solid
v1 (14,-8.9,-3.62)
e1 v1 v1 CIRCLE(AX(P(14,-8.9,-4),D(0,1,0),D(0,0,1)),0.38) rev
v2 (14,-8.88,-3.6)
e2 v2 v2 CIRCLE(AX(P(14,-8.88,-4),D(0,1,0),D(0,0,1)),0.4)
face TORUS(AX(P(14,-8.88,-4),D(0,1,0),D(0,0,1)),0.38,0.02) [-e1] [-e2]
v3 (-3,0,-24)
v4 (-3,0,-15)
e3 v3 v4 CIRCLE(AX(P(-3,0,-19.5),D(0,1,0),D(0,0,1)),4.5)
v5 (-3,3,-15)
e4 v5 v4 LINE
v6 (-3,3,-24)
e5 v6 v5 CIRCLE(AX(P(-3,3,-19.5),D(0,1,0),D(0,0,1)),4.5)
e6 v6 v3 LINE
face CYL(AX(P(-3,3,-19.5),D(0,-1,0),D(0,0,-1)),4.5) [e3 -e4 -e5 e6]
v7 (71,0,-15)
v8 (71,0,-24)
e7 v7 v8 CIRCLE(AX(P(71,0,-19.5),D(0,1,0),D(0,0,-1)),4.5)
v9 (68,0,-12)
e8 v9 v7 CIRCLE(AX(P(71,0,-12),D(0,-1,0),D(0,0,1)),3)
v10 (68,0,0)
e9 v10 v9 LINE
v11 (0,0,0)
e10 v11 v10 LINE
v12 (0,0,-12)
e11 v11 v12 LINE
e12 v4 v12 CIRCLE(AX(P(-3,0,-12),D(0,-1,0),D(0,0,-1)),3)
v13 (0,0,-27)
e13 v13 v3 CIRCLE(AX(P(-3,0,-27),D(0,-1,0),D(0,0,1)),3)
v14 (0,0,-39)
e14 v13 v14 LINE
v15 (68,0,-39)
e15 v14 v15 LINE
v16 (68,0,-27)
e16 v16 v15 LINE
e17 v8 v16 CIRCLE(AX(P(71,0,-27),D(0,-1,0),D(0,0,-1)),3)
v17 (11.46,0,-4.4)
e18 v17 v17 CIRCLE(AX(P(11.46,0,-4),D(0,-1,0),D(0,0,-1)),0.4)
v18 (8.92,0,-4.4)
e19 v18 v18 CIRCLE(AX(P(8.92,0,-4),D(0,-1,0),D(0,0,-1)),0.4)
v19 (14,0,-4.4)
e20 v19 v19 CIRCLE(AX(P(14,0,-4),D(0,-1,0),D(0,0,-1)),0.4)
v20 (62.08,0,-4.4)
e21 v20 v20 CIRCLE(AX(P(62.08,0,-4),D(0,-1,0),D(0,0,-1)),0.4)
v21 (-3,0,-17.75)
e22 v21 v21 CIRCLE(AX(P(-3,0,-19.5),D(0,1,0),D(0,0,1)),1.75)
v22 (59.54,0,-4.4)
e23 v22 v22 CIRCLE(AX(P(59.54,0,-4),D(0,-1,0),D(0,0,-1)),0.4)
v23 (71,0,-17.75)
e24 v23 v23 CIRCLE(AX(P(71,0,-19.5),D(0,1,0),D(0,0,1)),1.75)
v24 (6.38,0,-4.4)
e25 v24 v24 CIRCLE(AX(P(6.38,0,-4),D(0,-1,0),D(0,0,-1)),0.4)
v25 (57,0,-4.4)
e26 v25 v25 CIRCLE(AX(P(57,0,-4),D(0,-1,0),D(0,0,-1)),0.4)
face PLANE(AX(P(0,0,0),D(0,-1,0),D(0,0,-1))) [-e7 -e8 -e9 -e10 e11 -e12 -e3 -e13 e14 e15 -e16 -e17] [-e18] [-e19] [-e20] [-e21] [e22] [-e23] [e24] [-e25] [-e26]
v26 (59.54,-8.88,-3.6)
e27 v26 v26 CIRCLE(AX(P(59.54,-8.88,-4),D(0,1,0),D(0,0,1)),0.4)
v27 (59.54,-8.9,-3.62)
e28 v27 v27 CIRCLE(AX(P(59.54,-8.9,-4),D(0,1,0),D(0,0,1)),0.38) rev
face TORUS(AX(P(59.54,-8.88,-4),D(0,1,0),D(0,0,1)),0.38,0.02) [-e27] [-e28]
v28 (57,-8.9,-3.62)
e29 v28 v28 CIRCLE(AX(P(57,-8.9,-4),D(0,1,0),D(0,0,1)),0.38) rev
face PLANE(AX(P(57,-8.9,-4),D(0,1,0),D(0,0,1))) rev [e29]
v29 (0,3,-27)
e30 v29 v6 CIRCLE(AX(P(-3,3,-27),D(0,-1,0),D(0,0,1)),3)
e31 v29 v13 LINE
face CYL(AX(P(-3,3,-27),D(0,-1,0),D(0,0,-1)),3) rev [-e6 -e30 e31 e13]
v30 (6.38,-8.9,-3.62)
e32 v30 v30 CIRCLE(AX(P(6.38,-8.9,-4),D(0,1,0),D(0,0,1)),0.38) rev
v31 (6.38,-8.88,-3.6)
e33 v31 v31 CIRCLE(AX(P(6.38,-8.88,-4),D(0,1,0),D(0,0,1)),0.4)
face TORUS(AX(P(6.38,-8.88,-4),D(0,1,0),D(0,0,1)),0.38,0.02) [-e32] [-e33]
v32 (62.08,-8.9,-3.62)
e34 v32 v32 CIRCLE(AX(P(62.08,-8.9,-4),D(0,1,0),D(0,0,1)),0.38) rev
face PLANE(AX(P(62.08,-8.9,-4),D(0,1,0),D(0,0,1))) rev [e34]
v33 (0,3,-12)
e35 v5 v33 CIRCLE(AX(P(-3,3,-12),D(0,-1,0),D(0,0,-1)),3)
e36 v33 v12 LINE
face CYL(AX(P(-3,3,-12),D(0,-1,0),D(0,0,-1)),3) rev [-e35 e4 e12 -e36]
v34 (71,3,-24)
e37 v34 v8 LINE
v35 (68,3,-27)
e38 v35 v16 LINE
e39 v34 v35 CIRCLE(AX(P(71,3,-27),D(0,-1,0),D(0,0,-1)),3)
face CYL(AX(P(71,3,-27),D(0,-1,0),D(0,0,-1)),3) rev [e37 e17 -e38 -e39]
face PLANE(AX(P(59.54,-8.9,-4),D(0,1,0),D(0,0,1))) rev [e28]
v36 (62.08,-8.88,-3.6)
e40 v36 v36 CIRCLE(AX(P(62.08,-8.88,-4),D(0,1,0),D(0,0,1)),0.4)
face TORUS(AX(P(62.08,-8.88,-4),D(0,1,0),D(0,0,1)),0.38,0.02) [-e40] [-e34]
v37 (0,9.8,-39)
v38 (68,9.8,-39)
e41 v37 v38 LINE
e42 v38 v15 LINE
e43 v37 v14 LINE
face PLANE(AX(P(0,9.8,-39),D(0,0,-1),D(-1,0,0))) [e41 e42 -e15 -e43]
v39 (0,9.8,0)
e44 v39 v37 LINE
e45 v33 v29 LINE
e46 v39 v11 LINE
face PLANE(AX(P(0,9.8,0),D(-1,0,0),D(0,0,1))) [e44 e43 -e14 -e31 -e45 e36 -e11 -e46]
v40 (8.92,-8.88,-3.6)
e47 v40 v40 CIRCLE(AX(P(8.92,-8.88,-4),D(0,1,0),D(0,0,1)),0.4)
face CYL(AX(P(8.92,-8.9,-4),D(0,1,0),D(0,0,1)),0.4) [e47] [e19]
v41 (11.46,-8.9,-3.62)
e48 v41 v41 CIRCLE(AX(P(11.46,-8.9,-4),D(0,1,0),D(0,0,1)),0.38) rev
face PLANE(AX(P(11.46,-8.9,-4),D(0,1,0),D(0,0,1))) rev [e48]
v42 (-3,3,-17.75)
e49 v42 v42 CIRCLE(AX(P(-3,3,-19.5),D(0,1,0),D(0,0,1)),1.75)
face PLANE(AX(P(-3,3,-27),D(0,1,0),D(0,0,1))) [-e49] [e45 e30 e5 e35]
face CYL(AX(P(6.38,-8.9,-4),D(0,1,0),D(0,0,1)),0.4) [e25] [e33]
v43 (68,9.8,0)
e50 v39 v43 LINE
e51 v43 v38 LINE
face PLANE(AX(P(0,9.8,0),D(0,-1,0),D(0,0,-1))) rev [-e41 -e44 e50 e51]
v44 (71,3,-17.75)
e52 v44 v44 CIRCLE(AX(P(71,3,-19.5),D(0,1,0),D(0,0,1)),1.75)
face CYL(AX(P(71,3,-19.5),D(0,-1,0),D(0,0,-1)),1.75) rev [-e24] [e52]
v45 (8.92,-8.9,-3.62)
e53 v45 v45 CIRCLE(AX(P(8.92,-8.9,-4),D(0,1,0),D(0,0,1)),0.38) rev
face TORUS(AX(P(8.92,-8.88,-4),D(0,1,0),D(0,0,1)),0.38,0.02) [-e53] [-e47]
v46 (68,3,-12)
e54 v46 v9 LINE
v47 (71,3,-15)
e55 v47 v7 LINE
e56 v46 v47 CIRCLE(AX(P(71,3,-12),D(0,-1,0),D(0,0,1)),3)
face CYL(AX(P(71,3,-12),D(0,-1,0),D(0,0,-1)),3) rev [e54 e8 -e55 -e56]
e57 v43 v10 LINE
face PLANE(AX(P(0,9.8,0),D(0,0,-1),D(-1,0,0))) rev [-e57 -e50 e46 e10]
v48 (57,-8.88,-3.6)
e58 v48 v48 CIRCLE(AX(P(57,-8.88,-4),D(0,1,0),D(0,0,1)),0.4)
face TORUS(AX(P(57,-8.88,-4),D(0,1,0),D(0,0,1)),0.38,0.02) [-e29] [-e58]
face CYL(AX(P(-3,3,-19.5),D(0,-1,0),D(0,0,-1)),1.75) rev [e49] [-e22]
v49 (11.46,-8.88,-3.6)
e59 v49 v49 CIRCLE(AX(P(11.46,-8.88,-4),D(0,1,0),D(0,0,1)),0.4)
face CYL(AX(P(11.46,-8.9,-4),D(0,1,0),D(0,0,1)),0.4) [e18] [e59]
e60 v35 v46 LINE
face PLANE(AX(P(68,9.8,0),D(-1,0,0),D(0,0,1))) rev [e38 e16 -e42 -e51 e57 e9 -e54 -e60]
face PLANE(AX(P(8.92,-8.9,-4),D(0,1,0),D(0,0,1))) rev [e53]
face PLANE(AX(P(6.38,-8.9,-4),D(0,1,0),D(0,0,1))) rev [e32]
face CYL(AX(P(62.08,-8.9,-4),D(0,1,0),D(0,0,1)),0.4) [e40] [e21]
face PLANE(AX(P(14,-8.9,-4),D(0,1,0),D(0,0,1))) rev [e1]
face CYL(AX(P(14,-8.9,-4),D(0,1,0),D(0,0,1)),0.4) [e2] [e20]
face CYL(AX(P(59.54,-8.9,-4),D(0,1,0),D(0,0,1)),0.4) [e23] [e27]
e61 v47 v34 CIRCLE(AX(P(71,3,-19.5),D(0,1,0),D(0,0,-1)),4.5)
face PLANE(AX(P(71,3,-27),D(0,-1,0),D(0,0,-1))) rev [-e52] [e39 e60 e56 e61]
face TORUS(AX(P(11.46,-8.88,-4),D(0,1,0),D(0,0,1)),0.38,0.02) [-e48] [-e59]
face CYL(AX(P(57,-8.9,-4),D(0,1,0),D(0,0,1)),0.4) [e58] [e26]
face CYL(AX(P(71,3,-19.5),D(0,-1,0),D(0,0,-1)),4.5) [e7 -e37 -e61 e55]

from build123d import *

# Parameters (mm, degrees)
ESQUISSE1_W        = 68
ESQUISSE1_H        = 39
BOSS_EXTRU_3_DEPTH = 9.8
ESQUISSE5_R        = 1.75
BOSS_EXTRU_5_DEPTH = 3
ESQUISSE6_R        = 1.75
BOSS_EXTRU_6_DEPTH = 3
ESQUISSE7_R        = 0.4
BOSS_EXTRU_7_DEPTH = 8.9
CONG_1_R           = 0.02


with BuildPart() as part:
    # Esquisse1 → Boss.-Extru.3 (new body)
    with BuildSketch(Plane(origin=(0, 0, 0), x_dir=(1, 0, 0), z_dir=(0, 1, 0))):
        with Locations((34, 19.5)):
            Rectangle(ESQUISSE1_W, ESQUISSE1_H)
    extrude(amount=BOSS_EXTRU_3_DEPTH)

    # Esquisse5 → Boss.-Extru.5 (add)
    with BuildSketch(Plane(origin=(0, 0, 0), x_dir=(1, 0, 0), z_dir=(0, 1, 0))):
        with BuildLine():
            Line((0, 27), (0, 12))
            ThreePointArc((0, 12), (-0.878679656, 14.121320344), (-3, 15))
            ThreePointArc((-3, 15), (-7.5, 19.5), (-3, 24))
            ThreePointArc((-3, 24), (-0.878679656, 24.878679656), (0, 27))
        make_face()
        with Locations(Location((-3, 19.5, 0), (0, 0, 270))):
            Circle(ESQUISSE5_R, mode=Mode.SUBTRACT)
    extrude(amount=BOSS_EXTRU_5_DEPTH)

    # Esquisse6 → Boss.-Extru.6 (add)
    with BuildSketch(Plane(origin=(0, 0, 0), x_dir=(1, 0, 0), z_dir=(0, 1, 0))):
        with BuildLine():
            Line((68, 12), (68, 27))
            ThreePointArc((68, 27), (68.878679656, 24.878679656), (71, 24))
            ThreePointArc((71, 24), (75.5, 19.5), (71, 15))
            ThreePointArc((71, 15), (68.878679656, 14.121320344), (68, 12))
        make_face()
        with Locations(Location((71, 19.5, 0), (0, 0, 270))):
            Circle(ESQUISSE6_R, mode=Mode.SUBTRACT)
    extrude(amount=BOSS_EXTRU_6_DEPTH)

    # Esquisse7 → Boss.-Extru.7 (add)
    with BuildSketch(Plane(origin=(0, 0, 0), x_dir=(1, 0, 0), z_dir=(0, 1, 0))):
        with Locations(Location((14, 4, 0), (0, 0, 270))):
            Circle(ESQUISSE7_R)
        with Locations(Location((11.46, 4, 0), (0, 0, 270))):
            Circle(ESQUISSE7_R)
        with Locations(Location((8.92, 4, 0), (0, 0, 270))):
            Circle(ESQUISSE7_R)
        with Locations(Location((6.38, 4, 0), (0, 0, 270))):
            Circle(ESQUISSE7_R)
        with Locations(Location((57, 4, 0), (0, 0, 270))):
            Circle(ESQUISSE7_R)
        with Locations(Location((59.54, 4, 0), (0, 0, 270))):
            Circle(ESQUISSE7_R)
        with Locations(Location((62.08, 4, 0), (0, 0, 270))):
            Circle(ESQUISSE7_R)
    extrude(amount=-BOSS_EXTRU_7_DEPTH)

    # Congé1
    cong_1_edges = [part.edges().sort_by_distance(p)[0] for p in [
        (14, -8.9, -4.4),
        (57, -8.9, -4.4),
        (11.46, -8.9, -4.4),
        (8.92, -8.9, -4.4),
        (6.38, -8.9, -4.4),
        (59.54, -8.9, -4.4),
        (62.08, -8.9, -4.4),
    ]]
    fillet(cong_1_edges, radius=CONG_1_R)


solid = part.part
